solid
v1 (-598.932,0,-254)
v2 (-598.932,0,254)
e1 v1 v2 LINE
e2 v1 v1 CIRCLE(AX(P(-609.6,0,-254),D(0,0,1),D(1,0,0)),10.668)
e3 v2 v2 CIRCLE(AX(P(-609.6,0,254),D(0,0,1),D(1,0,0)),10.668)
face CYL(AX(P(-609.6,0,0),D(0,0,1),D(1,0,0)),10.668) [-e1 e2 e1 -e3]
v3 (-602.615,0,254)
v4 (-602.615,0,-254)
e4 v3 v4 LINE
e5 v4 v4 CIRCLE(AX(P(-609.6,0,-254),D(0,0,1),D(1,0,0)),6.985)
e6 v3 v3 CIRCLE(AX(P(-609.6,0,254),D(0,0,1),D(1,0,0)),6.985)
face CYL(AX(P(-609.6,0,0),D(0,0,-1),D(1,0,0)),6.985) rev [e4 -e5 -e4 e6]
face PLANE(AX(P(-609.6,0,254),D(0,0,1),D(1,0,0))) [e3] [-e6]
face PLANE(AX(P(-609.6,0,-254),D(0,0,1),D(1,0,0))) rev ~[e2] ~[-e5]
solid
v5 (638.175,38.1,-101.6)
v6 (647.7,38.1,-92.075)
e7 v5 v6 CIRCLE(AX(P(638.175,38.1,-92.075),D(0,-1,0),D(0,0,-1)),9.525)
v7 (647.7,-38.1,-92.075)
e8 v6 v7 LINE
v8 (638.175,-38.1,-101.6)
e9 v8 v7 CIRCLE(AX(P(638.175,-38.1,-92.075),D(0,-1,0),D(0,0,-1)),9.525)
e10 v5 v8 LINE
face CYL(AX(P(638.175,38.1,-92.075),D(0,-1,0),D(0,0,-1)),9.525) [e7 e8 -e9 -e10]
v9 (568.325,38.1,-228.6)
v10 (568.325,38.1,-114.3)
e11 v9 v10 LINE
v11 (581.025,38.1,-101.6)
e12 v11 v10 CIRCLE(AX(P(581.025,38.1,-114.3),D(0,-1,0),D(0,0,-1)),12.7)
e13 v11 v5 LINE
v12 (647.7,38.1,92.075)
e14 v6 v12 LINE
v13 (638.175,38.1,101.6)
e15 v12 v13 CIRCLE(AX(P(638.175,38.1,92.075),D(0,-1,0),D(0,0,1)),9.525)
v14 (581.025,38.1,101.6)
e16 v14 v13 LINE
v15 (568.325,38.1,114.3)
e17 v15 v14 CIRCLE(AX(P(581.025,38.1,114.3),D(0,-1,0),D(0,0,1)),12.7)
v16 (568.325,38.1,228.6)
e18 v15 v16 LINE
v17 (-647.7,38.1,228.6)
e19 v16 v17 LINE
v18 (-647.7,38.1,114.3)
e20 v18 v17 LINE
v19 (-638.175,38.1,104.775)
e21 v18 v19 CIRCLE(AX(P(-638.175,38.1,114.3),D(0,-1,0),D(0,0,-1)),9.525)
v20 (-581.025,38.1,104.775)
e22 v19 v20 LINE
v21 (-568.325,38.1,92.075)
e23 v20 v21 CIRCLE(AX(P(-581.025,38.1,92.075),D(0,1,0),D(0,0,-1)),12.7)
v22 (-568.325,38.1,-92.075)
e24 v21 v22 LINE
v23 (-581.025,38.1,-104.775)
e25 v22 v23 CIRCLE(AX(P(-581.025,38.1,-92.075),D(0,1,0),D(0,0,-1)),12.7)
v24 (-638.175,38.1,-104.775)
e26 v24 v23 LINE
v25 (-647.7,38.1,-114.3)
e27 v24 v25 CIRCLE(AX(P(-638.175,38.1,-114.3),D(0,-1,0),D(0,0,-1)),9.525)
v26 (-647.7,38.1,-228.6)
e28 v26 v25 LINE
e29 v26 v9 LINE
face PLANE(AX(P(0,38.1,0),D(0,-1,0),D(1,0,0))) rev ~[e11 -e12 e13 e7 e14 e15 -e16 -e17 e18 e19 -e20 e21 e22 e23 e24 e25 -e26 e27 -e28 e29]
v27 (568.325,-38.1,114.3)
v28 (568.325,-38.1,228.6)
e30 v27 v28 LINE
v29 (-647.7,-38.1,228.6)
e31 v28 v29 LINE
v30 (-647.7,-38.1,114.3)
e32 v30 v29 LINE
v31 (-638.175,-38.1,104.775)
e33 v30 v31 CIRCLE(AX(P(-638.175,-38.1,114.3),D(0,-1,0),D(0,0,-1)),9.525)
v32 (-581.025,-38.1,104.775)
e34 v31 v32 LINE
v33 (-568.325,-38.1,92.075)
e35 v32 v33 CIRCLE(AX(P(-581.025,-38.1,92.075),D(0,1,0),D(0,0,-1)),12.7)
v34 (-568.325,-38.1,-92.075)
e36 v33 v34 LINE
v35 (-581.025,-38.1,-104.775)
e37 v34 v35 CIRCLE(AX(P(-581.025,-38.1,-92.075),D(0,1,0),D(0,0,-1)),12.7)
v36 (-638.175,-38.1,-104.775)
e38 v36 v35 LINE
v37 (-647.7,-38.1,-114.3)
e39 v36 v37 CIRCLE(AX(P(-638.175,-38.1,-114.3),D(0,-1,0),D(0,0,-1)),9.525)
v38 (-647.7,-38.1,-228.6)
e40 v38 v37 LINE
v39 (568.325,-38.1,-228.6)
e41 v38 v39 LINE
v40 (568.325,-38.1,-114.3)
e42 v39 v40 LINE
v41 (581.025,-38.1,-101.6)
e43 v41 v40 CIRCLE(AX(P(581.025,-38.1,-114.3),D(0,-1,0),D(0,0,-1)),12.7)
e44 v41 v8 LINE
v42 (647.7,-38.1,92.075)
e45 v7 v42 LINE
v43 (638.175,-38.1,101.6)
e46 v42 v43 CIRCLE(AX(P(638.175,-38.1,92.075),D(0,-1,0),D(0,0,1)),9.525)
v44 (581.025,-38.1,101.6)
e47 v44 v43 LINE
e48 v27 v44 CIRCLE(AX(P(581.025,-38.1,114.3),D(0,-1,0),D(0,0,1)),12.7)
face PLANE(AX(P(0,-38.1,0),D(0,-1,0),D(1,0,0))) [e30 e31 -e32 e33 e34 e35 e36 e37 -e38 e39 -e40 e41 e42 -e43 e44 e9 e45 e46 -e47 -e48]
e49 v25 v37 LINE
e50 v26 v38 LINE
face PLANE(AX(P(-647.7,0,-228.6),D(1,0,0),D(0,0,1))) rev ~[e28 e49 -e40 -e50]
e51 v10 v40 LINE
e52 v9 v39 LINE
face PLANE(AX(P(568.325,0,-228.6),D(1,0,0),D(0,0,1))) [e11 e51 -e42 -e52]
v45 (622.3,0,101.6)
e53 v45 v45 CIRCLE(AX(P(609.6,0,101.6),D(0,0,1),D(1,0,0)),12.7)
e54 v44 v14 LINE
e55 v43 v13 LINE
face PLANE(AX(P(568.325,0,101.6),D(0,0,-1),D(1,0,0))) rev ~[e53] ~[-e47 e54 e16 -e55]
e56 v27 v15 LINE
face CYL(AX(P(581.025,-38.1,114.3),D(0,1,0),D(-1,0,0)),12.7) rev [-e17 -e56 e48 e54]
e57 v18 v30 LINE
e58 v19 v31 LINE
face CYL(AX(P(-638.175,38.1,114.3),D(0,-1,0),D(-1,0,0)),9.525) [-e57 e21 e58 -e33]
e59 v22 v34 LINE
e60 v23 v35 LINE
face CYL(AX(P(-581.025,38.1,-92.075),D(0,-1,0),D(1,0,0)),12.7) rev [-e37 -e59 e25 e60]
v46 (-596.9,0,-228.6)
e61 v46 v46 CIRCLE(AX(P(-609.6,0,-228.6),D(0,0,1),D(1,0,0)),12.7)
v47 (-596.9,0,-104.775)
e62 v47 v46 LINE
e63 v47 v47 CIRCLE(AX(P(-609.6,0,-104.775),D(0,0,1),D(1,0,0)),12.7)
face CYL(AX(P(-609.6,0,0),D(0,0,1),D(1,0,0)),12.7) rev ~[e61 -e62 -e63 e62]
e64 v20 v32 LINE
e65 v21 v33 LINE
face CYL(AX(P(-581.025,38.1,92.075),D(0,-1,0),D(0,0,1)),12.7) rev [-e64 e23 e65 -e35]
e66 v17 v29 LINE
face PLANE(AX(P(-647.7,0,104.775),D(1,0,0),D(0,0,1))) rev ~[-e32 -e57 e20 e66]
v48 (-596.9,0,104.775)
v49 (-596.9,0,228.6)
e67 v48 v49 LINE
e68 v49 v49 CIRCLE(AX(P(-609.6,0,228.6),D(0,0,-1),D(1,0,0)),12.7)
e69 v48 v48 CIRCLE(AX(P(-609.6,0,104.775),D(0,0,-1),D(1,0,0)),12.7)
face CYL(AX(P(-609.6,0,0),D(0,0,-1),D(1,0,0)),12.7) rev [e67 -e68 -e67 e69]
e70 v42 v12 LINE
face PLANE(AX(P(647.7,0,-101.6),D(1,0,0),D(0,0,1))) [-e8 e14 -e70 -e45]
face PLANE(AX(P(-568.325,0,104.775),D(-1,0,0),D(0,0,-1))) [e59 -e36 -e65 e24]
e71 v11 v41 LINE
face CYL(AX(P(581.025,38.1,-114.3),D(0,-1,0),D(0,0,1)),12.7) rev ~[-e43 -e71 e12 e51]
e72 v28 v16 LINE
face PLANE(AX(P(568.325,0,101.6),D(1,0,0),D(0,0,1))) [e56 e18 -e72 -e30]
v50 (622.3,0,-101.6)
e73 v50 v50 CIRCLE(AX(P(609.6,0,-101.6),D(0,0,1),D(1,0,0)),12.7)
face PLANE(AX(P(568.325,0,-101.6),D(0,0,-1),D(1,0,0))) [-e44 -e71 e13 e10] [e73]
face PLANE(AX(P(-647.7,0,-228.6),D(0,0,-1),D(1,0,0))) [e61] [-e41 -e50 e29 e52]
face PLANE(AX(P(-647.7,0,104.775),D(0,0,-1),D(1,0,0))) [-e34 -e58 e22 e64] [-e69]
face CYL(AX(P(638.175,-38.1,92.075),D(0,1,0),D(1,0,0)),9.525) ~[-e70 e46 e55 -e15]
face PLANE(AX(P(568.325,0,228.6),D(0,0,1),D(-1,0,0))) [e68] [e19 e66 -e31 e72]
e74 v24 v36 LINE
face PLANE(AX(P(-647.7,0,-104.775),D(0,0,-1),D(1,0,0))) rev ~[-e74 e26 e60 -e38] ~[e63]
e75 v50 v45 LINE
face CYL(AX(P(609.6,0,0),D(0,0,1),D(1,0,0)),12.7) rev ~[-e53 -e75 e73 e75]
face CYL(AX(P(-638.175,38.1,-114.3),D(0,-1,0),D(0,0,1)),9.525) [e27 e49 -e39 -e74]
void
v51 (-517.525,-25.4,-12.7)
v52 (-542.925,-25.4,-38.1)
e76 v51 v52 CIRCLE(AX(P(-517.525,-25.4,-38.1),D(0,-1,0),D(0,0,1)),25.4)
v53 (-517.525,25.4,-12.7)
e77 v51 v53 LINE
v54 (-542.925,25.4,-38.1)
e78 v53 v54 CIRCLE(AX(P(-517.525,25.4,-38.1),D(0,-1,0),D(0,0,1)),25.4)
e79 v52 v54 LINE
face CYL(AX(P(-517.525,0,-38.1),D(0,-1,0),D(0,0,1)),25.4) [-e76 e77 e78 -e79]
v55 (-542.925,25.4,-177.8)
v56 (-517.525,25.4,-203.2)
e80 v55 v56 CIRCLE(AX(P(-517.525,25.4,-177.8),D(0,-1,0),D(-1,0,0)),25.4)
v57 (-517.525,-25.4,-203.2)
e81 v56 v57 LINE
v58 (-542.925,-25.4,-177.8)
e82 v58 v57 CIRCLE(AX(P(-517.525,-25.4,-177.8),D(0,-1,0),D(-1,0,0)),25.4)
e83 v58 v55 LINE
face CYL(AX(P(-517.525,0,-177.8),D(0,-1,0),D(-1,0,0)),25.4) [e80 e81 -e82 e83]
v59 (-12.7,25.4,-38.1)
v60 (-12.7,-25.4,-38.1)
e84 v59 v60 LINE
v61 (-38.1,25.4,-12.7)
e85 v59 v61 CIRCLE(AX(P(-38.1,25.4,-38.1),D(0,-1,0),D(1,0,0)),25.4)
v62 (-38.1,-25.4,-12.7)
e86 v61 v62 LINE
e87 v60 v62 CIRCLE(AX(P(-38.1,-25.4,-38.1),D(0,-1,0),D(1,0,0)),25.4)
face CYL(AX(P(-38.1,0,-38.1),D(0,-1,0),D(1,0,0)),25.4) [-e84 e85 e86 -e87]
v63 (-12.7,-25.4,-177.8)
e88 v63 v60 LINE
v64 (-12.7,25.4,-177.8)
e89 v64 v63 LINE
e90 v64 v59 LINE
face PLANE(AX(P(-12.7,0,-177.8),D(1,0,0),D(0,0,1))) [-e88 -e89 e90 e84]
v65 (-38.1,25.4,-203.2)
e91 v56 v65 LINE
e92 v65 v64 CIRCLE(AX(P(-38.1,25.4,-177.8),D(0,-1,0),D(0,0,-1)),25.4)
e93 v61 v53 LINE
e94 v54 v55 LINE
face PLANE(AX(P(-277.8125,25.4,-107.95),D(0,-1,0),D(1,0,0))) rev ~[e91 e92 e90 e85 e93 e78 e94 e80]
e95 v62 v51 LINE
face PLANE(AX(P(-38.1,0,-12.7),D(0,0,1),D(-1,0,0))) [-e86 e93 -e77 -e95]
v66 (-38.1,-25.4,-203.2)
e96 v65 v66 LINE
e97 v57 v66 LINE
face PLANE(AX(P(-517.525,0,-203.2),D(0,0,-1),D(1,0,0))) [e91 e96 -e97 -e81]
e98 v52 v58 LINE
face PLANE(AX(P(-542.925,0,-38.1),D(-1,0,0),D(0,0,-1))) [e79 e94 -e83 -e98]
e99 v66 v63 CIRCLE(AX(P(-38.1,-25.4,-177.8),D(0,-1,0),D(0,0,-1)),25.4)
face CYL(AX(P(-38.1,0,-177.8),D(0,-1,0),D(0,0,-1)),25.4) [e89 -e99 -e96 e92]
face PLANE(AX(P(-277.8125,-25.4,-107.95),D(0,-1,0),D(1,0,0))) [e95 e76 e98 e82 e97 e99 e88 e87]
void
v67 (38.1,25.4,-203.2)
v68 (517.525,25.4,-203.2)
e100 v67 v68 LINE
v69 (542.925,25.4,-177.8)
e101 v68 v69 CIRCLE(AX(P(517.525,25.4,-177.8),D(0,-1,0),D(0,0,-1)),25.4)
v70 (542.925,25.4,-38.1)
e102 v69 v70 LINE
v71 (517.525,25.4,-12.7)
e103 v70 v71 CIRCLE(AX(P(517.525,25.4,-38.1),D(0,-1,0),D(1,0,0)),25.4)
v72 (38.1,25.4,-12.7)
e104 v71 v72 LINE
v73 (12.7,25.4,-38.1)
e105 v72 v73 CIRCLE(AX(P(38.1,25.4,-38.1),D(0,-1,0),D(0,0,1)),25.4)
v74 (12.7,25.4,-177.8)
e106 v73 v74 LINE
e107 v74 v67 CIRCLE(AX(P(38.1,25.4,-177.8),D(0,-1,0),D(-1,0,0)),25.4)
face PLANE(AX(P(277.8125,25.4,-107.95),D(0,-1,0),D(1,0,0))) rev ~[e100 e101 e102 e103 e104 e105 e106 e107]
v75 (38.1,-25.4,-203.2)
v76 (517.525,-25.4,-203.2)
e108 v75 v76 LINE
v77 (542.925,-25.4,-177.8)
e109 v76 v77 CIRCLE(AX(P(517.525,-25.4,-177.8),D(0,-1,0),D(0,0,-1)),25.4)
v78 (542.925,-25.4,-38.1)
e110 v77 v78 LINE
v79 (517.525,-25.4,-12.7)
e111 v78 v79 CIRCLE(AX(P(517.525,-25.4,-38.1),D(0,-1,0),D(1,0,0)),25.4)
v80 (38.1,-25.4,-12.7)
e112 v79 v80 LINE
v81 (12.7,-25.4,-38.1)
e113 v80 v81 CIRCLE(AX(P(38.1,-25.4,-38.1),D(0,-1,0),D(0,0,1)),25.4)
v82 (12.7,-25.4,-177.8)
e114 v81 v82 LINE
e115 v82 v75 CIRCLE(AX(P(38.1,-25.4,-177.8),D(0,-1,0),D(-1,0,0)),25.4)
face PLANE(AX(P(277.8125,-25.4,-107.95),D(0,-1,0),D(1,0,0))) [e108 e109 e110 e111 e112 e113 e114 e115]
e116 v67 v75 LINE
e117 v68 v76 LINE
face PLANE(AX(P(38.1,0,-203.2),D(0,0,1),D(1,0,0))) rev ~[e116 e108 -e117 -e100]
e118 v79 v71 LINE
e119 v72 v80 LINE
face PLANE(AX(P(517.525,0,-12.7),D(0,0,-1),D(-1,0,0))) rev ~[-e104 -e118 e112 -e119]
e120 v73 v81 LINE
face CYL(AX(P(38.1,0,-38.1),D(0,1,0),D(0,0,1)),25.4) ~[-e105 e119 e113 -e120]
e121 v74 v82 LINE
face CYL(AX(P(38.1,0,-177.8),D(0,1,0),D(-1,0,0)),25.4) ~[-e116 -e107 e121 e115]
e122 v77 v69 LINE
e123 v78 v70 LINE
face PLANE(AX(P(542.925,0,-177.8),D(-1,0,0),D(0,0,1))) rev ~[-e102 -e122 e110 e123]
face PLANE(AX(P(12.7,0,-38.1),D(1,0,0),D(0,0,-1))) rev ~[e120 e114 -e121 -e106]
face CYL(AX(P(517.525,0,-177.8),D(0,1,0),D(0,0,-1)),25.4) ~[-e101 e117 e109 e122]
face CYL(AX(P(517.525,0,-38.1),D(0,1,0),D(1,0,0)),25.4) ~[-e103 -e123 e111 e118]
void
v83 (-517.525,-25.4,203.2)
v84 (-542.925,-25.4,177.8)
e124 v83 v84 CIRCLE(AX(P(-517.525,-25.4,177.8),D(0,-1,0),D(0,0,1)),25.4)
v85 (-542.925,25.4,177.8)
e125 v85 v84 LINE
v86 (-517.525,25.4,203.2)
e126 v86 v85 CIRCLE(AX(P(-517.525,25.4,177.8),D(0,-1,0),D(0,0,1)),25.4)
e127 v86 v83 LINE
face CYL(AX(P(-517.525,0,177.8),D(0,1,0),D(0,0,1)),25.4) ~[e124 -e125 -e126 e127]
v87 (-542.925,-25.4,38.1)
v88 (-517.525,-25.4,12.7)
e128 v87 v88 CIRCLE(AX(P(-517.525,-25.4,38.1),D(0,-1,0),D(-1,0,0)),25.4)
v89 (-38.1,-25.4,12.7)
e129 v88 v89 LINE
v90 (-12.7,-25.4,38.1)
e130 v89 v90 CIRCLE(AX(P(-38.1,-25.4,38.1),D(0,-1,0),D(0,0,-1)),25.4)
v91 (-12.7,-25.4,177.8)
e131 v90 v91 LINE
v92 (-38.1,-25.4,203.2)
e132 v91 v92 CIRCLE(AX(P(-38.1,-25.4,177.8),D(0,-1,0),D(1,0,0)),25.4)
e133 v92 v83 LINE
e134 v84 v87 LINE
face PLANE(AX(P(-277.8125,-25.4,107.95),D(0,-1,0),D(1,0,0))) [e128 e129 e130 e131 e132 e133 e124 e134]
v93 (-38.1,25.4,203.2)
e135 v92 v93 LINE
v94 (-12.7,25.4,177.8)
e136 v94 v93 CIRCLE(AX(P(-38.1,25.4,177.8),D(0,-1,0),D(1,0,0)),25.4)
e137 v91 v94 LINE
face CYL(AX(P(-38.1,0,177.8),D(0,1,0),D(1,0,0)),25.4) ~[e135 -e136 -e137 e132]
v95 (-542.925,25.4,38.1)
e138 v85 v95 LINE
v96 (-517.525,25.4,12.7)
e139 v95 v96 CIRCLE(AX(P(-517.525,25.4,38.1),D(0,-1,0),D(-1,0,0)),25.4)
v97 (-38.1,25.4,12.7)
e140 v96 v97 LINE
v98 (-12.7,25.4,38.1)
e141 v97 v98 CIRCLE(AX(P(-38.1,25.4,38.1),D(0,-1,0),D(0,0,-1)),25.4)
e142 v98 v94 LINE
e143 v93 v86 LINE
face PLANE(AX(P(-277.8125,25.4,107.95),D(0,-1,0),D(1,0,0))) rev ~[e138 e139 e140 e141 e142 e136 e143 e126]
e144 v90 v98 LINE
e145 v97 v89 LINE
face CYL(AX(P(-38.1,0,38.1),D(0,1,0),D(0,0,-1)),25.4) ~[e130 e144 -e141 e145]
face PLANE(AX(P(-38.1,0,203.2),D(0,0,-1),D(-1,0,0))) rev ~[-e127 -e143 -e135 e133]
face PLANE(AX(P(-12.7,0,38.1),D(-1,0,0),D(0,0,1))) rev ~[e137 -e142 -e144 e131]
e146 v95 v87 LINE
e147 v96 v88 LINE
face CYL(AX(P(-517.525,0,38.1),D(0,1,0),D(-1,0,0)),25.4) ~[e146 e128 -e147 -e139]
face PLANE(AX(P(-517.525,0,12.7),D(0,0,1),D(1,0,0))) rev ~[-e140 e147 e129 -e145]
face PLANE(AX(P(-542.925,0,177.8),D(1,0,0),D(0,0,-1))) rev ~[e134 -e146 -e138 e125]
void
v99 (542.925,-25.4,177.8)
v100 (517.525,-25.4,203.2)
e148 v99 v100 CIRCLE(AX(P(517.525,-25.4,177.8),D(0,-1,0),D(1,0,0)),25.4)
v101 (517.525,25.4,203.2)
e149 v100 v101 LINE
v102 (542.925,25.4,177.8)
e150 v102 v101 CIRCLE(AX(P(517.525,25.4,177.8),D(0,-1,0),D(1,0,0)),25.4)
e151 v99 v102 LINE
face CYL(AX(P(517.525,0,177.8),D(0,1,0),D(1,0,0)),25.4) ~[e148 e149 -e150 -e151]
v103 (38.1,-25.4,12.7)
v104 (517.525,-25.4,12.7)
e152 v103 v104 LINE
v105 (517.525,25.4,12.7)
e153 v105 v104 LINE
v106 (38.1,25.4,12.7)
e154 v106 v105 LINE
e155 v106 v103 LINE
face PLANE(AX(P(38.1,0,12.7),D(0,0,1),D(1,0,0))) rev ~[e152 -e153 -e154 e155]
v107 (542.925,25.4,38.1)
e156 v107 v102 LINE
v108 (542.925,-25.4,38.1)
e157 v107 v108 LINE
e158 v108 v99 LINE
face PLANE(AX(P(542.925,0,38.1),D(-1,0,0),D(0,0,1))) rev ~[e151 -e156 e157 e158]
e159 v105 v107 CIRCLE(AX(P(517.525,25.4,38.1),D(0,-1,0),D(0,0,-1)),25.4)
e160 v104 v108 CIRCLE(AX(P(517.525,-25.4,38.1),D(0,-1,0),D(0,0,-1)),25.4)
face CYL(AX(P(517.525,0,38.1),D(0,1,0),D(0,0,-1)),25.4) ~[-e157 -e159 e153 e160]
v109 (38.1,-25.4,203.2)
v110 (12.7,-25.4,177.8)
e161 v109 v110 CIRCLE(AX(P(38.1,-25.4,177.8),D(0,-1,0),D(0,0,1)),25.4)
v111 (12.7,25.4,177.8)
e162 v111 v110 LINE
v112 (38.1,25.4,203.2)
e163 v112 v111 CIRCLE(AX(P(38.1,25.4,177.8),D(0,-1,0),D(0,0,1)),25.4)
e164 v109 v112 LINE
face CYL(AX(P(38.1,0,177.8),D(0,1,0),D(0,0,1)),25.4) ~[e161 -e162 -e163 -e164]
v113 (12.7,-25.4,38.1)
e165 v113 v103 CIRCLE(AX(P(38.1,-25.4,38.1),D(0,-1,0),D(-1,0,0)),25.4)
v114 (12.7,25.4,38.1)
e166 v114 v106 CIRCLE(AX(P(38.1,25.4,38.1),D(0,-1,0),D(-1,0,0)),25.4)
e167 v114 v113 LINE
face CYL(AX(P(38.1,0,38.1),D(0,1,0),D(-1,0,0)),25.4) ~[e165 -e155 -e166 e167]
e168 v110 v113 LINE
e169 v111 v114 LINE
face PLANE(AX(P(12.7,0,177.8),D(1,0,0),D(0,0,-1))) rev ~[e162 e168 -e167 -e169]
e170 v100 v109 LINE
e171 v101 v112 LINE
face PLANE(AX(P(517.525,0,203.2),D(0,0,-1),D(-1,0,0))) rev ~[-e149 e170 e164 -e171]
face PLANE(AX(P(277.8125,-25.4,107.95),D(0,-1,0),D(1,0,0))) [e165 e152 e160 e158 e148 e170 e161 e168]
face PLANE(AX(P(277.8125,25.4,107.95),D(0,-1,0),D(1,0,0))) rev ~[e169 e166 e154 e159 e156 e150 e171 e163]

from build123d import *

# Parameters (mm, degrees)
F0_W     = 79.375
F0_H     = 123.825
F0_H_2   = 203.2
F1_DEPTH = 38.1
F2_R     = 12.7
F3_DEPTH = 254
F4_R     = 9.525
F5_R     = 12.7
F7_DEPTH = 25.4
F8_R     = 10.668
F8_R_2   = 6.985
F9_DEPTH = 254


with BuildPart() as f1:
    # F0 (on Front) → F1 (new body, symmetric)
    with BuildSketch(Plane.XZ):
        Polygon((568.325, 228.6), (-568.325, 228.6), (-568.325, 104.775), (-568.325, -104.775), (-568.325, -228.6), (568.325, -228.6), (568.325, -101.6), (568.325, 101.6), align=None)
        with Locations((-608.0125, 166.6875)):
            Rectangle(F0_W, F0_H)
        with Locations((608.0125, 0)):
            Rectangle(F0_W, F0_H_2)
        with Locations((-608.0125, -166.6875)):
            Rectangle(F0_W, F0_H)
    extrude(amount=F1_DEPTH, both=True)

    # F2 (on Top) → F3 (cut, symmetric)
    with BuildSketch(Plane.XY):
        with Locations((-609.6, 0)):
            Circle(F2_R)
        with Locations((609.6, 0)):
            Circle(F2_R)
    extrude(amount=F3_DEPTH, both=True, mode=Mode.SUBTRACT)

    # F4
    f4_edges = [f1.edges().sort_by_distance(p)[0] for p in [
        (647.7, 0, 101.6),
        (647.7, 0, -101.6),
        (-647.7, 0, 104.775),
        (-647.7, 0, -104.775),
    ]]
    fillet(f4_edges, radius=F4_R)

    # F5
    f5_edges = [f1.edges().sort_by_distance(p)[0] for p in [
        (-568.325, 0, 104.775),
        (-568.325, 0, -104.775),
        (568.325, 0, -101.6),
        (568.325, 0, 101.6),
    ]]
    fillet(f5_edges, radius=F5_R)

    # F6 (on Front) → F7 (cut, symmetric)
    with BuildSketch(Plane.XZ):
        with BuildLine():
            Line((-38.1, 203.2), (-517.525, 203.2))
            ThreePointArc((-517.525, 203.2), (-535.4855122421, 195.7605122421), (-542.925, 177.8))
            Line((-542.925, 177.8), (-542.925, 38.1))
            ThreePointArc((-542.925, 38.1), (-535.4855122421, 20.1394877579), (-517.525, 12.7))
            Line((-517.525, 12.7), (-38.1, 12.7))
            ThreePointArc((-38.1, 12.7), (-20.1394877579, 20.1394877579), (-12.7, 38.1))
            Line((-12.7, 38.1), (-12.7, 177.8))
            ThreePointArc((-12.7, 177.8), (-20.1394877579, 195.7605122421), (-38.1, 203.2))
        make_face()
        with BuildLine():
            ThreePointArc((38.1, 203.2), (20.1394877579, 195.7605122421), (12.7, 177.8))
            Line((12.7, 177.8), (12.7, 38.1))
            ThreePointArc((12.7, 38.1), (20.1394877579, 20.1394877579), (38.1, 12.7))
            Line((38.1, 12.7), (517.525, 12.7))
            ThreePointArc((517.525, 12.7), (535.4855122421, 20.1394877579), (542.925, 38.1))
            Line((542.925, 38.1), (542.925, 177.8))
            ThreePointArc((542.925, 177.8), (535.4855122421, 195.7605122421), (517.525, 203.2))
            Line((517.525, 203.2), (38.1, 203.2))
        make_face()
        with BuildLine():
            Line((517.525, -12.7), (38.1, -12.7))
            ThreePointArc((38.1, -12.7), (20.1394877579, -20.1394877579), (12.7, -38.1))
            Line((12.7, -38.1), (12.7, -177.8))
            ThreePointArc((12.7, -177.8), (20.1394877579, -195.7605122421), (38.1, -203.2))
            Line((38.1, -203.2), (517.525, -203.2))
            ThreePointArc((517.525, -203.2), (535.4855122421, -195.7605122421), (542.925, -177.8))
            Line((542.925, -177.8), (542.925, -38.1))
            ThreePointArc((542.925, -38.1), (535.4855122421, -20.1394877579), (517.525, -12.7))
        make_face()
        with BuildLine():
            ThreePointArc((-542.925, -177.8), (-535.4855122421, -195.7605122421), (-517.525, -203.2))
            Line((-517.525, -203.2), (-38.1, -203.2))
            ThreePointArc((-38.1, -203.2), (-20.1394877579, -195.7605122421), (-12.7, -177.8))
            Line((-12.7, -177.8), (-12.7, -38.1))
            ThreePointArc((-12.7, -38.1), (-20.1394877579, -20.1394877579), (-38.1, -12.7))
            Line((-38.1, -12.7), (-517.525, -12.7))
            ThreePointArc((-517.525, -12.7), (-535.4855122421, -20.1394877579), (-542.925, -38.1))
            Line((-542.925, -38.1), (-542.925, -177.8))
        make_face()
    extrude(amount=F7_DEPTH, both=True, mode=Mode.SUBTRACT)


with BuildPart() as f9:
    # F8 (on Top) → F9 (new body, symmetric)
    with BuildSketch(Plane.XY):
        with Locations((-609.6, 0)):
            Circle(F8_R)
        with Locations((-609.6, 0)):
            Circle(F8_R_2, mode=Mode.SUBTRACT)
    extrude(amount=F9_DEPTH, both=True)


solid = Compound([f1.part, f9.part])
